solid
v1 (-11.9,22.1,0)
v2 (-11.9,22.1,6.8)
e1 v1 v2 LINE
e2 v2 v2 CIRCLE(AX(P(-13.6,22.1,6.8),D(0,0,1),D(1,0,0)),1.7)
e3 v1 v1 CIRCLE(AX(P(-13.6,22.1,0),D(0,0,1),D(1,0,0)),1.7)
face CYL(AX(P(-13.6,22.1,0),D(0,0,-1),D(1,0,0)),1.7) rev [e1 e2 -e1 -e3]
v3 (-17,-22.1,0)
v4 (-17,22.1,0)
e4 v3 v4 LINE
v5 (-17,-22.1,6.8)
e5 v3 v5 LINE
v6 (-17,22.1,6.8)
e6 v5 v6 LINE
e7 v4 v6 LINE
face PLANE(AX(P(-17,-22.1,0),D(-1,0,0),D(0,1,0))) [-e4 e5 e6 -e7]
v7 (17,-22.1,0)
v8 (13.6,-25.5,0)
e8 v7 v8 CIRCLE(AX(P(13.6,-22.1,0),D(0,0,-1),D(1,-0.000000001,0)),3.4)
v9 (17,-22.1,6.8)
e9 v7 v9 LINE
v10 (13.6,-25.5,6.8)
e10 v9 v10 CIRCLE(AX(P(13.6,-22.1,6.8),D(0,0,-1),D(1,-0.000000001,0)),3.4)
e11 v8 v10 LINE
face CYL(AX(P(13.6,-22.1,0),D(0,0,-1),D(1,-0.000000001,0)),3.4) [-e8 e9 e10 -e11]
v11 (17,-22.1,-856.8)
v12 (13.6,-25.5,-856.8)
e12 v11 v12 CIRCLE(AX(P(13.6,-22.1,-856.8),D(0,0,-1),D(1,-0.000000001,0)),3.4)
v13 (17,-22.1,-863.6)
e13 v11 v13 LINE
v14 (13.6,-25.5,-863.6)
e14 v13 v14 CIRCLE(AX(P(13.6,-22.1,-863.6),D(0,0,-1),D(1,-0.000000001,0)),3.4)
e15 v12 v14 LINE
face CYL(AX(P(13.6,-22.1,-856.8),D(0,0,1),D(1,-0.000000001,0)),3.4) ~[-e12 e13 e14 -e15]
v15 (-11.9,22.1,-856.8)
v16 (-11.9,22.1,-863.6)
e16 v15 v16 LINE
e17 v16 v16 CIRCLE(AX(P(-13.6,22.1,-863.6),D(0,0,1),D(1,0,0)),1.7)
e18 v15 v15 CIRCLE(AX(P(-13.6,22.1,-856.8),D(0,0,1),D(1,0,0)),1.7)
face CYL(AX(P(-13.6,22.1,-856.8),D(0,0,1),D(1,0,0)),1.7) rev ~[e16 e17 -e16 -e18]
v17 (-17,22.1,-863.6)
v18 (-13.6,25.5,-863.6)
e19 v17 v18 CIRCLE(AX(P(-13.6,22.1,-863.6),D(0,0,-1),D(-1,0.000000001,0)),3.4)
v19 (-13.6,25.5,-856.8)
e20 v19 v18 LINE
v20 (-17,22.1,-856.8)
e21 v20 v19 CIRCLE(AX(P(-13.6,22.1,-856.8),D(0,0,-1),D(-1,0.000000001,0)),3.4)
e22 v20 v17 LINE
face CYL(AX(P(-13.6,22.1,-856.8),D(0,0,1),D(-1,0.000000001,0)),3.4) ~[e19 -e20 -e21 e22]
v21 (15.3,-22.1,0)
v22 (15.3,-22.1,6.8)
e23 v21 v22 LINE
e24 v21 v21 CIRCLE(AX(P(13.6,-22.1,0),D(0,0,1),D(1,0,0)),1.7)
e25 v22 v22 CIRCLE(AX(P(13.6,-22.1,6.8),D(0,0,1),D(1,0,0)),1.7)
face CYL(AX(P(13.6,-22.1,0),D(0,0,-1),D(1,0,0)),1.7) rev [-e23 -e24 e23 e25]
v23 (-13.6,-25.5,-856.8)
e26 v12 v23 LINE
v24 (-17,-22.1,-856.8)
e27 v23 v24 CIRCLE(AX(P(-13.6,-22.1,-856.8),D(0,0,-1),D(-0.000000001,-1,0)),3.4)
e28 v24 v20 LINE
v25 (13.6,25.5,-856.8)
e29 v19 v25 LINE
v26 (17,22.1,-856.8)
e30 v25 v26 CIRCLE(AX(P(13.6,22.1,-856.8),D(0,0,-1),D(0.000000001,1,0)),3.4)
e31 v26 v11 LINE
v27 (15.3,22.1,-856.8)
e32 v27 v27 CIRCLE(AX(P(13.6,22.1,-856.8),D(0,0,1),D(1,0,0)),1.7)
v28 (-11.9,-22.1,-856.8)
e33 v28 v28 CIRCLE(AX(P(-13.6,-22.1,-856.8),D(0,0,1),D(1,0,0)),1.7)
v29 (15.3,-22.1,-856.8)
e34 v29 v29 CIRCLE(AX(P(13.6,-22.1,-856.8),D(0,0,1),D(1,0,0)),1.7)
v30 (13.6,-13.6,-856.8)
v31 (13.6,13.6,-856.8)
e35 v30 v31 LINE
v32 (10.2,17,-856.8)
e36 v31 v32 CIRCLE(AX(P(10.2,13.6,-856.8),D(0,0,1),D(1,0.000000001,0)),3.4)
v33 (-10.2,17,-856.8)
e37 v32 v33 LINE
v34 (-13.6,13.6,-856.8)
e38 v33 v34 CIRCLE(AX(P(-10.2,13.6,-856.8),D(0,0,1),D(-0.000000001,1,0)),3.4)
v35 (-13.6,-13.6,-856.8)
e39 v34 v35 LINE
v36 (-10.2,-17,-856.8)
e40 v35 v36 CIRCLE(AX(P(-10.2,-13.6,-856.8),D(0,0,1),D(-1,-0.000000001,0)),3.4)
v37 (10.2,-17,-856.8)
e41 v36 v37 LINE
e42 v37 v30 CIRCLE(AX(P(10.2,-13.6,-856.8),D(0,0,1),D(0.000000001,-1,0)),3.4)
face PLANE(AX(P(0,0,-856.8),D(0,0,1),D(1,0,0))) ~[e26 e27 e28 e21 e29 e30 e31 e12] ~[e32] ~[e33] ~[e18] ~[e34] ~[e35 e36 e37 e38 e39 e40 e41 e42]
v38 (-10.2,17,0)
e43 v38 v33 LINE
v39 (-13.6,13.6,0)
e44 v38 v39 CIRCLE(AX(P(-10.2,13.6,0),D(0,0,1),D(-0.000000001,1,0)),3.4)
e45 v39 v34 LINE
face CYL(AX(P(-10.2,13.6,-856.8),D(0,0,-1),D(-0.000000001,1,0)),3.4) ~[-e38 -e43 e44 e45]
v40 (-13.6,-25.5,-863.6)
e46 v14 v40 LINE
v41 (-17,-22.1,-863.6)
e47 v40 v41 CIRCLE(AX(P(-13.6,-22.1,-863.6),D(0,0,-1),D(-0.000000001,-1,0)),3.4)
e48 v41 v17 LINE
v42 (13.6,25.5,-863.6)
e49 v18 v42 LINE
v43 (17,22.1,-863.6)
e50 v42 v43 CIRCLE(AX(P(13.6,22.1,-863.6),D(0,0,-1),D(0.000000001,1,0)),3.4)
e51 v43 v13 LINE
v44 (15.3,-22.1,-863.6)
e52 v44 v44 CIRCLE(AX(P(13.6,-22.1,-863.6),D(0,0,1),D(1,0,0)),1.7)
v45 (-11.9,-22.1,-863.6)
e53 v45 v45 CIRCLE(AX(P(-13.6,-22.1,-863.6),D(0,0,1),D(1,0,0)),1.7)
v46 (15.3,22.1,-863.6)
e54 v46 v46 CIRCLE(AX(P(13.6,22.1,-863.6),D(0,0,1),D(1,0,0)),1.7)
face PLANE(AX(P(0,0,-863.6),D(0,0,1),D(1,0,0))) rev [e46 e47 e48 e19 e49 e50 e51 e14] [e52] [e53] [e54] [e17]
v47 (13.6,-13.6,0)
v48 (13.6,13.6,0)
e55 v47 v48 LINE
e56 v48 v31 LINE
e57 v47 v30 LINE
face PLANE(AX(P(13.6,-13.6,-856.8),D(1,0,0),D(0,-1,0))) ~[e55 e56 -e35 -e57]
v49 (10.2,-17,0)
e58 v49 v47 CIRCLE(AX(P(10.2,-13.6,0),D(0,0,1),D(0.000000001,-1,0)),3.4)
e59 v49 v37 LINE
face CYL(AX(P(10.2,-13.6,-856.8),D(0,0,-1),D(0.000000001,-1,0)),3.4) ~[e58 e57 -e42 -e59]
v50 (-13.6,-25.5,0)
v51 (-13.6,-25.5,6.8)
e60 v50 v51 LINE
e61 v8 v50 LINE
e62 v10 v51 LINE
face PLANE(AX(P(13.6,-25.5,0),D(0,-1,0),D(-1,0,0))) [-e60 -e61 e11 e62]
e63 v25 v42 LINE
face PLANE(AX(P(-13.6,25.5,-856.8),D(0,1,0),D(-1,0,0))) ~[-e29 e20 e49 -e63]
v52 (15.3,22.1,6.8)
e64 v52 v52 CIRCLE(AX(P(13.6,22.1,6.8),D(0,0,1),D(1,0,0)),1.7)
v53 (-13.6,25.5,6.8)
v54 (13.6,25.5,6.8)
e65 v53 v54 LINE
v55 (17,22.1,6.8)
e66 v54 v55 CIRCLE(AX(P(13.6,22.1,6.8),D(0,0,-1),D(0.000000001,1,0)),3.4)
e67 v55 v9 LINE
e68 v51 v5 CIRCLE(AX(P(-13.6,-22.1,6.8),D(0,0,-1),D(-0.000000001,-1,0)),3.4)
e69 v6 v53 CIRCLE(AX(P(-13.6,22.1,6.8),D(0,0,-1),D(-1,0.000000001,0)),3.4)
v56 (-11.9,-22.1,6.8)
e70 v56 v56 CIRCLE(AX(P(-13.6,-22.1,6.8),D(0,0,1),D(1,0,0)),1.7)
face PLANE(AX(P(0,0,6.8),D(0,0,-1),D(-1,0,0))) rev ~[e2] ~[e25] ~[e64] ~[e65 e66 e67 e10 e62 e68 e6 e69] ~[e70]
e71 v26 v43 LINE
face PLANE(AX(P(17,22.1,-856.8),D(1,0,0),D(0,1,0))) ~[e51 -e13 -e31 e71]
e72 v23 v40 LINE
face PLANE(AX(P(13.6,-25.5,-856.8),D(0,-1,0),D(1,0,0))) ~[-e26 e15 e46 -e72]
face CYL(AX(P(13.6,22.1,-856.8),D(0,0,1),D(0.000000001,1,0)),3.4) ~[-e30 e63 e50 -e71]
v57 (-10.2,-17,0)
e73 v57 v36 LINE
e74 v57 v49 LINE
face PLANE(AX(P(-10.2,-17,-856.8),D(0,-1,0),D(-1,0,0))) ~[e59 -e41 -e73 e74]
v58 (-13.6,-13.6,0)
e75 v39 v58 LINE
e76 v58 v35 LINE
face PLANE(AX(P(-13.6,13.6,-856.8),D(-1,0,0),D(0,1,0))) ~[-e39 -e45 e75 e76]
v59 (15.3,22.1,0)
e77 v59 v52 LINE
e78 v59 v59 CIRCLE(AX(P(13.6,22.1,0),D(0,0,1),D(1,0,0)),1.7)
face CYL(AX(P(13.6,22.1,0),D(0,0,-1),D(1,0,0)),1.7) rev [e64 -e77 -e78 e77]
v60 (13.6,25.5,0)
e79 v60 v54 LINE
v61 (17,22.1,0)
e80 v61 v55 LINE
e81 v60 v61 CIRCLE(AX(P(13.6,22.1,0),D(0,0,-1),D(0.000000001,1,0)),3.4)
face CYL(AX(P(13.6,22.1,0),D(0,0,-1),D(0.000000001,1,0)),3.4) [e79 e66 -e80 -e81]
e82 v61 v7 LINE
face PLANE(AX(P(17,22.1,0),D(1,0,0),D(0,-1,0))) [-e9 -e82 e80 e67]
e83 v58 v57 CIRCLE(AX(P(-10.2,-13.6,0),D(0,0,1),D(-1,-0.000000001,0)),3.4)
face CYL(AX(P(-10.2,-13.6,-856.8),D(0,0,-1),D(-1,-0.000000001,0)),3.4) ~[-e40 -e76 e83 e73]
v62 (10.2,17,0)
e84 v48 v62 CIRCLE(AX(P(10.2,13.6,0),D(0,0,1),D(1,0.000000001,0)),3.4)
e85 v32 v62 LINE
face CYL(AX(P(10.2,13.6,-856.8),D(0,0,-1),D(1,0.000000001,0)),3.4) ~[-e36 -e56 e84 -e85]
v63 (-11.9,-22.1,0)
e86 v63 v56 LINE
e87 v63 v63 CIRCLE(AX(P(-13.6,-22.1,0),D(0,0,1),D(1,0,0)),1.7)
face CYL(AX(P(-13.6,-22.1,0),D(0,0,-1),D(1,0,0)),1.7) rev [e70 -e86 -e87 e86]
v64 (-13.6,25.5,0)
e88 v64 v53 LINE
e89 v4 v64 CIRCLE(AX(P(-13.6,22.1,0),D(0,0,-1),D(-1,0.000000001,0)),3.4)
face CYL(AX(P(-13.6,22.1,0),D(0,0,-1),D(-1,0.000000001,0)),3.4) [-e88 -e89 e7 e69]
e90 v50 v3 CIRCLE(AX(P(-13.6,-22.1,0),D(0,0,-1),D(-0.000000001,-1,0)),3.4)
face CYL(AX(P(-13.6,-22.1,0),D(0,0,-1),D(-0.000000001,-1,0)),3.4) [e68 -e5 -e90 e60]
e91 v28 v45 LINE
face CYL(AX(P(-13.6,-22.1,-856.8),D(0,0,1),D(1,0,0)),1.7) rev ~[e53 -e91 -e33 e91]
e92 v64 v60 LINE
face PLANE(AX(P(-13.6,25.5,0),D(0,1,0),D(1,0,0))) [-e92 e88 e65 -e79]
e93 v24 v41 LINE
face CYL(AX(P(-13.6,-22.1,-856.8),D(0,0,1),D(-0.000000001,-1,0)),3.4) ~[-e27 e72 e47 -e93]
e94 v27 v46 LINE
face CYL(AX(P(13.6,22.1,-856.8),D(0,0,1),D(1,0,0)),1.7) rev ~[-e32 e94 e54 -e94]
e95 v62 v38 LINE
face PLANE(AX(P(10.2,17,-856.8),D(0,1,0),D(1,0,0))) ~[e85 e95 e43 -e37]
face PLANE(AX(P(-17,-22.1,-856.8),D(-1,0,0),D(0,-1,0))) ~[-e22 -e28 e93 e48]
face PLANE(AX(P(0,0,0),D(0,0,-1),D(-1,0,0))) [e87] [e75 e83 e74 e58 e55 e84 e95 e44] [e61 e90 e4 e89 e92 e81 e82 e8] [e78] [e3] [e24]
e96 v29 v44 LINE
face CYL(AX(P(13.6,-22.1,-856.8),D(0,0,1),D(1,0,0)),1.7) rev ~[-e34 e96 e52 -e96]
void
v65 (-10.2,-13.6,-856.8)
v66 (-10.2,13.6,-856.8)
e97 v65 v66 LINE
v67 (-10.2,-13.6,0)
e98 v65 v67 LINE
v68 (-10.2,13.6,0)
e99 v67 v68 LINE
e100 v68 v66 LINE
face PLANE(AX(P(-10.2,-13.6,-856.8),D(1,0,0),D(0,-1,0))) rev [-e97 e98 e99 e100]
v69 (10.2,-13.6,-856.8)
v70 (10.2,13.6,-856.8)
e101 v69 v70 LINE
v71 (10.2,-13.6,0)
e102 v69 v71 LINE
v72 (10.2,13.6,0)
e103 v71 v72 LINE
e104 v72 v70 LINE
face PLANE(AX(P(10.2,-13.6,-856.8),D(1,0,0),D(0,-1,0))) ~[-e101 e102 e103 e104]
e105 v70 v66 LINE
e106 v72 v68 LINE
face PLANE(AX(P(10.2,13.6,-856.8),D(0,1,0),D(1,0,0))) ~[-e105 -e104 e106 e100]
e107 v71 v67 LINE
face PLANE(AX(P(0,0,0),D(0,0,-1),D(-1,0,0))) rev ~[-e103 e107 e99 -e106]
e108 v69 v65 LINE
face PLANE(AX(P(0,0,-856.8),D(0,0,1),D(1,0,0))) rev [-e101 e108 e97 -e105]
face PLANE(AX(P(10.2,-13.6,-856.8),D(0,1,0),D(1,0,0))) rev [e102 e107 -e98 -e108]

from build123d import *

# Parameters (mm, degrees)
SKETCH_1_R        = 0.5
EXTRUDE_1_DEPTH   = 2
SKETCH_2_W        = 6
SKETCH_2_H        = 8
EXTRUDE_1_2_DEPTH = 126
SCALE_1_SCALE     = 2
SCALE_2_SCALE     = 1.7


with BuildPart() as part:
    # 草图1 → Extrude 1 (new body)
    with BuildSketch(Plane.XY):
        with BuildLine():
            Line((-4, 7.5), (4, 7.5))
            ThreePointArc((4, 7.5), (4.707106781, 7.207106781), (5, 6.5))
            Line((5, 6.5), (5, -6.5))
            ThreePointArc((5, -6.5), (4.707106781, -7.207106781), (4, -7.5))
            Line((4, -7.5), (-4, -7.5))
            ThreePointArc((-4, -7.5), (-4.707106781, -7.207106781), (-5, -6.5))
            Line((-5, -6.5), (-5, 6.5))
            ThreePointArc((-5, 6.5), (-4.707106781, 7.207106781), (-4, 7.5))
        make_face()
        with Locations((4, 6.5)):
            Circle(SKETCH_1_R, mode=Mode.SUBTRACT)
        with Locations((-4, 6.5)):
            Circle(SKETCH_1_R, mode=Mode.SUBTRACT)
        with Locations((4, -6.5)):
            Circle(SKETCH_1_R, mode=Mode.SUBTRACT)
        with Locations((-4, -6.5)):
            Circle(SKETCH_1_R, mode=Mode.SUBTRACT)
    extrude(amount=EXTRUDE_1_DEPTH)

    # 草图2 → Extrude 1 2 (add)
    with BuildSketch(Plane(origin=(0, 0, 0), x_dir=(-1, 0, 0), z_dir=(0, 0, -1))):
        with BuildLine():
            Line((-3, 5), (3, 5))
            ThreePointArc((3, 5), (3.707106781, 4.707106781), (4, 4))
            Line((4, 4), (4, -4))
            ThreePointArc((4, -4), (3.707106781, -4.707106781), (3, -5))
            Line((3, -5), (-3, -5))
            ThreePointArc((-3, -5), (-3.707106781, -4.707106781), (-4, -4))
            Line((-4, -4), (-4, 4))
            ThreePointArc((-4, 4), (-3.707106781, 4.707106781), (-3, 5))
        make_face()
        Rectangle(SKETCH_2_W, SKETCH_2_H, mode=Mode.SUBTRACT)
    extrude(amount=EXTRUDE_1_2_DEPTH)

    # 镜向1: part across plane


with BuildPart() as part_1:
    add(part.part)
    add(part.part.mirror(Plane(origin=(3, -4, -126), x_dir=(1, 0, 0), z_dir=(0, 0, -1))))


with BuildPart() as part_2:
    # 缩放比例1: scaled about (0, 0, 0)
    add(part_1.part.scale(SCALE_1_SCALE))


with BuildPart() as part_3:
    # 缩放比例2: scaled about (0, 0, 0)
    add(part_2.part.scale(SCALE_2_SCALE))


solid = part_3.part
